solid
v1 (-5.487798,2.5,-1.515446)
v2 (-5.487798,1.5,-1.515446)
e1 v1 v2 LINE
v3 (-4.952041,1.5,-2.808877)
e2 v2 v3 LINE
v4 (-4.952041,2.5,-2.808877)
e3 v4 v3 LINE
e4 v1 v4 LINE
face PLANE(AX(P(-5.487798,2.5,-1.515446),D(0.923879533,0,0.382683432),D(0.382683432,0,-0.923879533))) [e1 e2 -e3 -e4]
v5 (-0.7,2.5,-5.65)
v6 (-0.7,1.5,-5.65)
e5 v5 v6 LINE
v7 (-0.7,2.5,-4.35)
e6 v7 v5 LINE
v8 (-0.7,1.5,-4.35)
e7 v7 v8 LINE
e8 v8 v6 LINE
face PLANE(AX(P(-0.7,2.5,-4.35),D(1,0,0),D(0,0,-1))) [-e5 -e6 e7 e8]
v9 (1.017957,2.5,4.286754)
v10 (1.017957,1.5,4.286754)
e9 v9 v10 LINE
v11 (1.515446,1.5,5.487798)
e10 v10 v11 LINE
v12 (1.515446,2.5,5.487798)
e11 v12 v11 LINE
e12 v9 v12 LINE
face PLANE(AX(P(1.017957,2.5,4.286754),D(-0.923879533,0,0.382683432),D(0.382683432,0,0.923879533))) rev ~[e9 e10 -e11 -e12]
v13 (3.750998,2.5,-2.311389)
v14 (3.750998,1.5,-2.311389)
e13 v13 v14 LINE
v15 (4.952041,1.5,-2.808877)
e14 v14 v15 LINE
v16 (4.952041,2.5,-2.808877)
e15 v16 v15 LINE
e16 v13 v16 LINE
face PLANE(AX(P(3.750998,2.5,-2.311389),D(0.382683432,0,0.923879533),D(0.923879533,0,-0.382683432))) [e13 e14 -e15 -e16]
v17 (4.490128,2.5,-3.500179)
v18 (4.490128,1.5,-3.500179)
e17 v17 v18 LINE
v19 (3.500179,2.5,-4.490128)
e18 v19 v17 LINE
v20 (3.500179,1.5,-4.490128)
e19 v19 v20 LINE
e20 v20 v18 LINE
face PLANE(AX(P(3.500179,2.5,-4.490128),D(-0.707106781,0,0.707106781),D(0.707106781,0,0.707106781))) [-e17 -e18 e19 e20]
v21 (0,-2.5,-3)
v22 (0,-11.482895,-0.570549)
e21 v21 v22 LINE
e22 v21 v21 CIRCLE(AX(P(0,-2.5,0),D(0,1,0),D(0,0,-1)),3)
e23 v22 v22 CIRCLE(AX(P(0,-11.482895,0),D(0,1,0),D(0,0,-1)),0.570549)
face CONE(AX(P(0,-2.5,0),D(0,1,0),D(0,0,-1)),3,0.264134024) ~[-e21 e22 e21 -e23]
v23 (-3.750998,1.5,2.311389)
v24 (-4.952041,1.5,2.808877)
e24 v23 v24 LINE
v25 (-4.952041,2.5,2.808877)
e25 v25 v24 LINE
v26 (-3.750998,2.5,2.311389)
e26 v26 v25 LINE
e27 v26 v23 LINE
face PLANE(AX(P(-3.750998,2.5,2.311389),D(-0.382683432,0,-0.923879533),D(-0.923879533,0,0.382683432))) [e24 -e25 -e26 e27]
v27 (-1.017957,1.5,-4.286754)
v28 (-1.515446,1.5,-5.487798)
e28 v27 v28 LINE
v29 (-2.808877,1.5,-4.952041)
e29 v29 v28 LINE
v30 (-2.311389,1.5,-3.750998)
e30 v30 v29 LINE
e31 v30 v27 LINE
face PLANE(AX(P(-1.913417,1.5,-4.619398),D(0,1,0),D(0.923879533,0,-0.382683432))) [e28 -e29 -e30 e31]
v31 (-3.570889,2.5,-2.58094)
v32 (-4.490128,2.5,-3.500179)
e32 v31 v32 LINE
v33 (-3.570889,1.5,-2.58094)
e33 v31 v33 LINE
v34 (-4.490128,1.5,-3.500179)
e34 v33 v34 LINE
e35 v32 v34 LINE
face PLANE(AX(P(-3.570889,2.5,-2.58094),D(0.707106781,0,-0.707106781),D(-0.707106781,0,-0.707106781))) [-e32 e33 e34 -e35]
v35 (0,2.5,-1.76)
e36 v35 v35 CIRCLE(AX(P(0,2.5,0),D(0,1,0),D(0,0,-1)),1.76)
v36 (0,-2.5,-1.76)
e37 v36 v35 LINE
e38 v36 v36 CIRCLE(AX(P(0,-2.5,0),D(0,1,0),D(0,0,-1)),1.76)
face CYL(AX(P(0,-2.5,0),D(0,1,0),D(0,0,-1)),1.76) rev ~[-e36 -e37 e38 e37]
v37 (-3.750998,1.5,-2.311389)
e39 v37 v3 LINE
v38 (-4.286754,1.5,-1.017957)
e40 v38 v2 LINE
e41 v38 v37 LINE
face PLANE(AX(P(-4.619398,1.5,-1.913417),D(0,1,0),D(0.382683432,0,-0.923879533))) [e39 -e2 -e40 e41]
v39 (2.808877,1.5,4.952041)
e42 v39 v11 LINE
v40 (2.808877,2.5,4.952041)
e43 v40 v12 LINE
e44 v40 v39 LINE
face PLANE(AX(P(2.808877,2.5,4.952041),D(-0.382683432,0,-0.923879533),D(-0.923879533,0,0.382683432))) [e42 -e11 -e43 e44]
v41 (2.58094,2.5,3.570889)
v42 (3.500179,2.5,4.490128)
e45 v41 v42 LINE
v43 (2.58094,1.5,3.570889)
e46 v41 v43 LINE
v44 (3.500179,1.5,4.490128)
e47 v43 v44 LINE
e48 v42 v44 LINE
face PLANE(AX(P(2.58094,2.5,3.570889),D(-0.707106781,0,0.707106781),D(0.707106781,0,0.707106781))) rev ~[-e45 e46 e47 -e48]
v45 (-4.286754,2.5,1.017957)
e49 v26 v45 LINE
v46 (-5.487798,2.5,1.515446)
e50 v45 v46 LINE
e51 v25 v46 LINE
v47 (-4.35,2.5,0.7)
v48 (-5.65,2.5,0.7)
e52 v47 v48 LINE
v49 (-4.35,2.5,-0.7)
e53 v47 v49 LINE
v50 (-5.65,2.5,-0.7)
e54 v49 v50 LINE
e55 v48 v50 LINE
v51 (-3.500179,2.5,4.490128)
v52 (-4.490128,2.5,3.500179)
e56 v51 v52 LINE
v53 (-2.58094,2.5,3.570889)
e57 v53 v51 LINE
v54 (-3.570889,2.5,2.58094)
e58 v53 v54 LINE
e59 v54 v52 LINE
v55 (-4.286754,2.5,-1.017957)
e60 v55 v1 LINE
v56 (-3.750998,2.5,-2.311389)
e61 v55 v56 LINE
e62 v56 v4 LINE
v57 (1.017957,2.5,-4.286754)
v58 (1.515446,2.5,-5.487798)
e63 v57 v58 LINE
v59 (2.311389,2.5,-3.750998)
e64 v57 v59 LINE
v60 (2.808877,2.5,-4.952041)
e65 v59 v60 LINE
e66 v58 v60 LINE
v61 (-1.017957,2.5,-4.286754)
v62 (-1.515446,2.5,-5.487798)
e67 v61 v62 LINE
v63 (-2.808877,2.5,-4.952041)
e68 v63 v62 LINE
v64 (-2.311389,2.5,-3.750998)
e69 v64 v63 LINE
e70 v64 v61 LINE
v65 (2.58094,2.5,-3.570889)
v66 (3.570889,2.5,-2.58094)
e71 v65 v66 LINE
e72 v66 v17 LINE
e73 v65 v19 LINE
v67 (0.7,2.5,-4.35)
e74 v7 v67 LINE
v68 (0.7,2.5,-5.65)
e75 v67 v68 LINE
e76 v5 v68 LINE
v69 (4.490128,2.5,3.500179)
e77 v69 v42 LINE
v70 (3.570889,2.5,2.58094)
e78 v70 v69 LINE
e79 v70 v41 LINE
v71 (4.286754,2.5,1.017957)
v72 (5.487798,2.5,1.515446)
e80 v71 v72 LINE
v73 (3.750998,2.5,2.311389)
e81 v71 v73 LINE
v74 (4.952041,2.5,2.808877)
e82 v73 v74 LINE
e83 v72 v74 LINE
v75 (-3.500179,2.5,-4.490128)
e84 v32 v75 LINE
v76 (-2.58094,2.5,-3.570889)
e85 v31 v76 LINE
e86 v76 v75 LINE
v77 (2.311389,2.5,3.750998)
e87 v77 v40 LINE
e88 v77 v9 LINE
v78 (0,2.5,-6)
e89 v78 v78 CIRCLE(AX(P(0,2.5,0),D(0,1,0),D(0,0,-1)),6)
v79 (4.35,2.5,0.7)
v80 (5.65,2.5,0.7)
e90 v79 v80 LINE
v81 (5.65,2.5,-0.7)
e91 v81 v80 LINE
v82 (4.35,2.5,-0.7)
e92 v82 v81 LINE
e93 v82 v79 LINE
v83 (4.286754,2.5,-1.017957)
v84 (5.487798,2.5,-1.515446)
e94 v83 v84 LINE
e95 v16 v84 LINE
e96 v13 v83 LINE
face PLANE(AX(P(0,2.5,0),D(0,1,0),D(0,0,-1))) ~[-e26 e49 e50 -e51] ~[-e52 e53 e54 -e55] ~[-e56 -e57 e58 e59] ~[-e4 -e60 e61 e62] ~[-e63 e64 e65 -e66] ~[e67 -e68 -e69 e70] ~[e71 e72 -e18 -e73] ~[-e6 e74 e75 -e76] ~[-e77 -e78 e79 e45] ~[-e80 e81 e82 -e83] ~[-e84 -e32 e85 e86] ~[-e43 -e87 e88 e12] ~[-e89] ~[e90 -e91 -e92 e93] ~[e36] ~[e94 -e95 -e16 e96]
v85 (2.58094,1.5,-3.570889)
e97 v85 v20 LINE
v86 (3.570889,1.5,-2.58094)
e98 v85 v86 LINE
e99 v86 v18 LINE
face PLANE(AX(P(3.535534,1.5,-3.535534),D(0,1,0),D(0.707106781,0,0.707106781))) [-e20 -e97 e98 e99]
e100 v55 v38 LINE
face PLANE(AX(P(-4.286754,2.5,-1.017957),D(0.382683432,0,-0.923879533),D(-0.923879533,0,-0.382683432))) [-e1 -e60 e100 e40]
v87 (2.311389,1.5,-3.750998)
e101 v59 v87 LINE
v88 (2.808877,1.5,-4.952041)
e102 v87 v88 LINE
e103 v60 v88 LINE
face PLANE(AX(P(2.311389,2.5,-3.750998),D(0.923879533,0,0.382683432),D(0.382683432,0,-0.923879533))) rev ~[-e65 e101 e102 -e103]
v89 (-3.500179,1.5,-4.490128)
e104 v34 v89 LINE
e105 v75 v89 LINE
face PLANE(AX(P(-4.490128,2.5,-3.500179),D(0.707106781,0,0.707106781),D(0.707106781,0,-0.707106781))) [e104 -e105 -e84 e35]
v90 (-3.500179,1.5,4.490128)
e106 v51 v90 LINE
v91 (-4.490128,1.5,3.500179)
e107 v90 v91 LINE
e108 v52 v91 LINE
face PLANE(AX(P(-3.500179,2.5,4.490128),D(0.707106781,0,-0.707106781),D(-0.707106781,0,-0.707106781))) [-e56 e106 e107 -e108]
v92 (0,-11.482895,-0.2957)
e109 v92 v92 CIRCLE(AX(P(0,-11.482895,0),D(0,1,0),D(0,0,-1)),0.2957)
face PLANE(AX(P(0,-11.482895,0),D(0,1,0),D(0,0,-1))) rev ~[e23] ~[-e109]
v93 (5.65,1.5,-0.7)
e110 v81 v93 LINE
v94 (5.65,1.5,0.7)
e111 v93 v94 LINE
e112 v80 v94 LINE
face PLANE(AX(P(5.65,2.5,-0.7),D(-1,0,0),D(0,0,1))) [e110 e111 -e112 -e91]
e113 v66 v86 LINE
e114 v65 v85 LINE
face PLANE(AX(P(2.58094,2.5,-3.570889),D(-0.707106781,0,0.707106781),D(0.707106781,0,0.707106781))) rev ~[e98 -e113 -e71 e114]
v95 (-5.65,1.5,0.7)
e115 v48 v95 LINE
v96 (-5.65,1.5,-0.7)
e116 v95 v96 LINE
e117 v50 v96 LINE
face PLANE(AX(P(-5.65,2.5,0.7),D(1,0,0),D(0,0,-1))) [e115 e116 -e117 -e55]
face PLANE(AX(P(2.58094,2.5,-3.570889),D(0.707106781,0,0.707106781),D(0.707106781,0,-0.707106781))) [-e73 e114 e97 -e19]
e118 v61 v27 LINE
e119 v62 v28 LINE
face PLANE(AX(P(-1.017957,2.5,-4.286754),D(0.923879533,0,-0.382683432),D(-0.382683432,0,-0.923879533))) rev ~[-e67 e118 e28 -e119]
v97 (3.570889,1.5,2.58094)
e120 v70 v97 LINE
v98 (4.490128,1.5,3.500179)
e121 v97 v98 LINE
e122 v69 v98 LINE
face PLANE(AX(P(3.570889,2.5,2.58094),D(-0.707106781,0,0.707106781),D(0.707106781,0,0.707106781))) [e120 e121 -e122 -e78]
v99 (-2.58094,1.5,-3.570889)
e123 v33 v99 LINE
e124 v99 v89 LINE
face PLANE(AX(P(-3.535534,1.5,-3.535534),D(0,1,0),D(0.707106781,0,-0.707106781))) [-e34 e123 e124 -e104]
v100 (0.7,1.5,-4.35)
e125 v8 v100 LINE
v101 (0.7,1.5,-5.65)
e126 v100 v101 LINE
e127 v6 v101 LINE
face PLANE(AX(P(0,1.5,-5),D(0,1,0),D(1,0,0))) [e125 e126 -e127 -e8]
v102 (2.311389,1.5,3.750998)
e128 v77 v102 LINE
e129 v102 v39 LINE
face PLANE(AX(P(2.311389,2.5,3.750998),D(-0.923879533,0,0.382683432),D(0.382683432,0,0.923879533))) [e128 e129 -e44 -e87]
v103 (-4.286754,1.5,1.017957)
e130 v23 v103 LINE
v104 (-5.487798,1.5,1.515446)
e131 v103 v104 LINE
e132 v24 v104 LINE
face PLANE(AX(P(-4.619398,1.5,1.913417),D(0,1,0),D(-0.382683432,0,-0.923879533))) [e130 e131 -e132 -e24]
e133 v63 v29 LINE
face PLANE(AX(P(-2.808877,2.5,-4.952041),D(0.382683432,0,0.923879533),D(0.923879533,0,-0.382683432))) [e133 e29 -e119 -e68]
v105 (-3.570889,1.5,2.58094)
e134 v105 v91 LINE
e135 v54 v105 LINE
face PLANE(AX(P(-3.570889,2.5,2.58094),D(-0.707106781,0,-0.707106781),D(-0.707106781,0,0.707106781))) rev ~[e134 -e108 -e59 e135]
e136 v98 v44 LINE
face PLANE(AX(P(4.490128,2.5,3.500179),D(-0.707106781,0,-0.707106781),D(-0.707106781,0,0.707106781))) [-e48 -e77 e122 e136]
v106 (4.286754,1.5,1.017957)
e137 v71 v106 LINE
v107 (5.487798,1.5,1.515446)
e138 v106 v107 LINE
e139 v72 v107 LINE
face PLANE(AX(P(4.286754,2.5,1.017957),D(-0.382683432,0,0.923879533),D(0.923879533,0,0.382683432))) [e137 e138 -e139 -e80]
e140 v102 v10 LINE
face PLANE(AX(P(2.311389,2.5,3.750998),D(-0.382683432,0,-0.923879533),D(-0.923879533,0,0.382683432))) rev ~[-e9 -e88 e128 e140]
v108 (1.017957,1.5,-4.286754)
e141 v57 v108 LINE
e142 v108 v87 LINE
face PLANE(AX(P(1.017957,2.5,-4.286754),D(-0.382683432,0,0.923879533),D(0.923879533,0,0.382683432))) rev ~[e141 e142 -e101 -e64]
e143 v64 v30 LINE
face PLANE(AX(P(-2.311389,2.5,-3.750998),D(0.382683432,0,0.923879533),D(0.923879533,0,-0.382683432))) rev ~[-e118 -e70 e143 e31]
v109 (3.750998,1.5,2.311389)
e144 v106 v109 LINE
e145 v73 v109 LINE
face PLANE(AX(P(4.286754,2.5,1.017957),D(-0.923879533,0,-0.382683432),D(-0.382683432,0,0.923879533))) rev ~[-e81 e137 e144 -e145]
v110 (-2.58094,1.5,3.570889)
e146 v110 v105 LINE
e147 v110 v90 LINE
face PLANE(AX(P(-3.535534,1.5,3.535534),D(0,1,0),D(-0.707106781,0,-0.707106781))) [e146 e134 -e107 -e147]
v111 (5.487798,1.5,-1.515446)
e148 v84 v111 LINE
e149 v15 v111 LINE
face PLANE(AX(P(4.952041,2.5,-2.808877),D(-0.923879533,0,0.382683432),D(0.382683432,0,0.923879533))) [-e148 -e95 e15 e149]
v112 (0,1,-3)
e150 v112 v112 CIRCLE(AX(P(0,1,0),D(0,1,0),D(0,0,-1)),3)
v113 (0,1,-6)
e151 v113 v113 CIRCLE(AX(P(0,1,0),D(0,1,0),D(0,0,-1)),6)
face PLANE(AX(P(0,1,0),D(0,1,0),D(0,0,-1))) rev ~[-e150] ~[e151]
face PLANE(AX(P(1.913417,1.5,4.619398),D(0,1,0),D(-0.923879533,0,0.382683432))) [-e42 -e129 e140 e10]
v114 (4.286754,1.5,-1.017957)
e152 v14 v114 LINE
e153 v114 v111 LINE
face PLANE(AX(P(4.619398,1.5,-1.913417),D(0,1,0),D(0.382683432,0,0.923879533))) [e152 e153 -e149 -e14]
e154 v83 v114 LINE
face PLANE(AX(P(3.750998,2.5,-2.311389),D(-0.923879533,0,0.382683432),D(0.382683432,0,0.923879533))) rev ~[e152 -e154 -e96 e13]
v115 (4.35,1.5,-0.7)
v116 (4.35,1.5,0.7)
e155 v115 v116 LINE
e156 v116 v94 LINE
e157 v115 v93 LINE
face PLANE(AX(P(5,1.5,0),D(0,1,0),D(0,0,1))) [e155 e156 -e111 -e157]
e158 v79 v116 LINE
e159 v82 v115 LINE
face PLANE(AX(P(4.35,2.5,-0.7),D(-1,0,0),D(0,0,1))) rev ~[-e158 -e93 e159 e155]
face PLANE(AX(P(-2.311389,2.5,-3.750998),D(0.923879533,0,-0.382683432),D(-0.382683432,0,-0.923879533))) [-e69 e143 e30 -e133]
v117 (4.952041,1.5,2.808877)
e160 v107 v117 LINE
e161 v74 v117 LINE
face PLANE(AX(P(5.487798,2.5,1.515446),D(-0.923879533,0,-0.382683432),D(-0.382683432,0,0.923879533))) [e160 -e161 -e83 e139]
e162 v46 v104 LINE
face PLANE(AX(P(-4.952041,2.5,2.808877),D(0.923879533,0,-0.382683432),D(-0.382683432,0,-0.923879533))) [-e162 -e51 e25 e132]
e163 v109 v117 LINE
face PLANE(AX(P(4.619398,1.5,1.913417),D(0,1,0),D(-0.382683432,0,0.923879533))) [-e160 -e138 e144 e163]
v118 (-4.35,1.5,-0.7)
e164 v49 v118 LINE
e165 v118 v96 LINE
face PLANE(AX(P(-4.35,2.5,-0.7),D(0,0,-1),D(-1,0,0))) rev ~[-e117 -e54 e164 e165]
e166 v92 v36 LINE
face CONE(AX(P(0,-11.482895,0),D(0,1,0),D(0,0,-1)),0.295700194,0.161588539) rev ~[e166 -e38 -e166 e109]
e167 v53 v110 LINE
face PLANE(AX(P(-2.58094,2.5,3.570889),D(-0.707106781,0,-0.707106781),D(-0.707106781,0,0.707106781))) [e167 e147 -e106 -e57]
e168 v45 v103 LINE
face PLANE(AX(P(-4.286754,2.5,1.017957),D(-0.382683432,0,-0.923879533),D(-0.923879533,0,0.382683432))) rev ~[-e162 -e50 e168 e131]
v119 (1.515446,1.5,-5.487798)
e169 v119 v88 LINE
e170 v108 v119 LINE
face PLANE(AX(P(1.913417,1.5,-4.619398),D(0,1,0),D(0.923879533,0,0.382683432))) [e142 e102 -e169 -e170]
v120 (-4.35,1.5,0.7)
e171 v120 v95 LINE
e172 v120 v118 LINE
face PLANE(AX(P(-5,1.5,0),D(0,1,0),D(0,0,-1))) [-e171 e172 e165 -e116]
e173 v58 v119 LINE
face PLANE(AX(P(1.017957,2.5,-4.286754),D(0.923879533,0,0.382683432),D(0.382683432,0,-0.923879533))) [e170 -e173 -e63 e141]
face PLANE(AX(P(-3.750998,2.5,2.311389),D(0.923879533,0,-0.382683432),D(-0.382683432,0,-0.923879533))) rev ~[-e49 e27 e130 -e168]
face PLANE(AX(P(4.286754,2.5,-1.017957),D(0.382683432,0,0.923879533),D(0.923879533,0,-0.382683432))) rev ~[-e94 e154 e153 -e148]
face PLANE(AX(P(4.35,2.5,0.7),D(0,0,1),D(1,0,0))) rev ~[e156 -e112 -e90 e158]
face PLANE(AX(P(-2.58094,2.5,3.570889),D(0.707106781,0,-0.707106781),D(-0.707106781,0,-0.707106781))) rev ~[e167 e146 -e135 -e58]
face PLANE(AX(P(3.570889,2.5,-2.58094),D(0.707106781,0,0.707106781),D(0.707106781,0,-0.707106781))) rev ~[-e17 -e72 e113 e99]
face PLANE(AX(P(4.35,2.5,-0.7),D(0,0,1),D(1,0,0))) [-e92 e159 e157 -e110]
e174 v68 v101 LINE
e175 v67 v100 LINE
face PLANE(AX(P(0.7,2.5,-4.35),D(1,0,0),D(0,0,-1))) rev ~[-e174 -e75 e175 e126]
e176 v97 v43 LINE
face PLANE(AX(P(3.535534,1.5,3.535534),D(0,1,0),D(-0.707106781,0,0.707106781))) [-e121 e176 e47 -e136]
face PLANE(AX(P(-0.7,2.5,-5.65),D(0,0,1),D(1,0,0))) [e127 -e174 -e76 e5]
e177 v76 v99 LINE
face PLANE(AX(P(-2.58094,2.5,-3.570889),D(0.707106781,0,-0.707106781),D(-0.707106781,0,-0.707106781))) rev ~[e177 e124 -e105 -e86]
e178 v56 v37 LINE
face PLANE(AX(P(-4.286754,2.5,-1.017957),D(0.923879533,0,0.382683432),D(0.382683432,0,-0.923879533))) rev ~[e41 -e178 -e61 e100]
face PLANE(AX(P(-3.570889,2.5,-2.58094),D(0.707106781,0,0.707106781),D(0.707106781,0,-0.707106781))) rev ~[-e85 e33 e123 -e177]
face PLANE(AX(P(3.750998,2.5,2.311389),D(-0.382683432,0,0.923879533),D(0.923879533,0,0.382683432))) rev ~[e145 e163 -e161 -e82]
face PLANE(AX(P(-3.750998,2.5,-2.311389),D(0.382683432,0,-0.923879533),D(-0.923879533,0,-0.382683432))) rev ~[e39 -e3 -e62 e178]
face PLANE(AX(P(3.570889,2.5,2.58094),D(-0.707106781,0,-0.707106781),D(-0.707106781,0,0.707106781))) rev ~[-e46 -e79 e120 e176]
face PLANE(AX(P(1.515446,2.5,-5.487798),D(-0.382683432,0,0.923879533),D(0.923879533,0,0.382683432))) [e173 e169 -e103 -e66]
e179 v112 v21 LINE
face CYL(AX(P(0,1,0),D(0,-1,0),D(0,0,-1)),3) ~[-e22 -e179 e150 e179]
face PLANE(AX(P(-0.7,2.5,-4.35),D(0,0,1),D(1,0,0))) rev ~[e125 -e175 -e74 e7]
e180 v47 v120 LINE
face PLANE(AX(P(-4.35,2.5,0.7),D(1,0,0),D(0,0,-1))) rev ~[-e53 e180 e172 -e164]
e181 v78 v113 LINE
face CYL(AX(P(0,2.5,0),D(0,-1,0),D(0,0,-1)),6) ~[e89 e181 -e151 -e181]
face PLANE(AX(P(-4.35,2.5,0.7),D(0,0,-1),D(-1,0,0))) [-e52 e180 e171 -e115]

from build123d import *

# Parameters (mm, degrees)
SKETCH2_W          = 1.4
SKETCH2_H          = 1.3
CUT_EXTRUDE1_DEPTH = 1
CIRPATTERN1_COUNT  = 16


with BuildPart() as part:
    # Sketch1 → Revolve1 (revolve)
    with BuildSketch(Plane(origin=(0, 0, 0), x_dir=(0, 0, -1), z_dir=(1, 0, 0))):
        Polygon((1.76, 2.5), (6, 2.5), (6, 1), (3, 1), (3, -2.5), (0.570548961, -11.482894875), (0.295700194, -11.482894875), (1.76, -2.5), align=None)
    revolve(axis=Axis((0, 0, 0), (0, 1, 0)))

    # Sketch2 → Cut-Extrude1 (cut)
    with BuildSketch(Plane(origin=(0, 2.5, 0), x_dir=(1, 0, 0), z_dir=(0, 1, 0))):
        with Locations((0, 5)):
            Rectangle(SKETCH2_W, SKETCH2_H)
    cut_extrude1 = extrude(amount=-CUT_EXTRUDE1_DEPTH, mode=Mode.SUBTRACT)

    # CirPattern1: Cut-Extrude1 ×16 about axis, 2 skipped
    cirpattern1_axis = Axis((0, 0, 0), (0, -1, 0))
    add([cut_extrude1.rotate(cirpattern1_axis, i * 360 / CIRPATTERN1_COUNT) for i in range(1, CIRPATTERN1_COUNT) if i not in (8, 9)], mode=Mode.SUBTRACT)


solid = part.part
